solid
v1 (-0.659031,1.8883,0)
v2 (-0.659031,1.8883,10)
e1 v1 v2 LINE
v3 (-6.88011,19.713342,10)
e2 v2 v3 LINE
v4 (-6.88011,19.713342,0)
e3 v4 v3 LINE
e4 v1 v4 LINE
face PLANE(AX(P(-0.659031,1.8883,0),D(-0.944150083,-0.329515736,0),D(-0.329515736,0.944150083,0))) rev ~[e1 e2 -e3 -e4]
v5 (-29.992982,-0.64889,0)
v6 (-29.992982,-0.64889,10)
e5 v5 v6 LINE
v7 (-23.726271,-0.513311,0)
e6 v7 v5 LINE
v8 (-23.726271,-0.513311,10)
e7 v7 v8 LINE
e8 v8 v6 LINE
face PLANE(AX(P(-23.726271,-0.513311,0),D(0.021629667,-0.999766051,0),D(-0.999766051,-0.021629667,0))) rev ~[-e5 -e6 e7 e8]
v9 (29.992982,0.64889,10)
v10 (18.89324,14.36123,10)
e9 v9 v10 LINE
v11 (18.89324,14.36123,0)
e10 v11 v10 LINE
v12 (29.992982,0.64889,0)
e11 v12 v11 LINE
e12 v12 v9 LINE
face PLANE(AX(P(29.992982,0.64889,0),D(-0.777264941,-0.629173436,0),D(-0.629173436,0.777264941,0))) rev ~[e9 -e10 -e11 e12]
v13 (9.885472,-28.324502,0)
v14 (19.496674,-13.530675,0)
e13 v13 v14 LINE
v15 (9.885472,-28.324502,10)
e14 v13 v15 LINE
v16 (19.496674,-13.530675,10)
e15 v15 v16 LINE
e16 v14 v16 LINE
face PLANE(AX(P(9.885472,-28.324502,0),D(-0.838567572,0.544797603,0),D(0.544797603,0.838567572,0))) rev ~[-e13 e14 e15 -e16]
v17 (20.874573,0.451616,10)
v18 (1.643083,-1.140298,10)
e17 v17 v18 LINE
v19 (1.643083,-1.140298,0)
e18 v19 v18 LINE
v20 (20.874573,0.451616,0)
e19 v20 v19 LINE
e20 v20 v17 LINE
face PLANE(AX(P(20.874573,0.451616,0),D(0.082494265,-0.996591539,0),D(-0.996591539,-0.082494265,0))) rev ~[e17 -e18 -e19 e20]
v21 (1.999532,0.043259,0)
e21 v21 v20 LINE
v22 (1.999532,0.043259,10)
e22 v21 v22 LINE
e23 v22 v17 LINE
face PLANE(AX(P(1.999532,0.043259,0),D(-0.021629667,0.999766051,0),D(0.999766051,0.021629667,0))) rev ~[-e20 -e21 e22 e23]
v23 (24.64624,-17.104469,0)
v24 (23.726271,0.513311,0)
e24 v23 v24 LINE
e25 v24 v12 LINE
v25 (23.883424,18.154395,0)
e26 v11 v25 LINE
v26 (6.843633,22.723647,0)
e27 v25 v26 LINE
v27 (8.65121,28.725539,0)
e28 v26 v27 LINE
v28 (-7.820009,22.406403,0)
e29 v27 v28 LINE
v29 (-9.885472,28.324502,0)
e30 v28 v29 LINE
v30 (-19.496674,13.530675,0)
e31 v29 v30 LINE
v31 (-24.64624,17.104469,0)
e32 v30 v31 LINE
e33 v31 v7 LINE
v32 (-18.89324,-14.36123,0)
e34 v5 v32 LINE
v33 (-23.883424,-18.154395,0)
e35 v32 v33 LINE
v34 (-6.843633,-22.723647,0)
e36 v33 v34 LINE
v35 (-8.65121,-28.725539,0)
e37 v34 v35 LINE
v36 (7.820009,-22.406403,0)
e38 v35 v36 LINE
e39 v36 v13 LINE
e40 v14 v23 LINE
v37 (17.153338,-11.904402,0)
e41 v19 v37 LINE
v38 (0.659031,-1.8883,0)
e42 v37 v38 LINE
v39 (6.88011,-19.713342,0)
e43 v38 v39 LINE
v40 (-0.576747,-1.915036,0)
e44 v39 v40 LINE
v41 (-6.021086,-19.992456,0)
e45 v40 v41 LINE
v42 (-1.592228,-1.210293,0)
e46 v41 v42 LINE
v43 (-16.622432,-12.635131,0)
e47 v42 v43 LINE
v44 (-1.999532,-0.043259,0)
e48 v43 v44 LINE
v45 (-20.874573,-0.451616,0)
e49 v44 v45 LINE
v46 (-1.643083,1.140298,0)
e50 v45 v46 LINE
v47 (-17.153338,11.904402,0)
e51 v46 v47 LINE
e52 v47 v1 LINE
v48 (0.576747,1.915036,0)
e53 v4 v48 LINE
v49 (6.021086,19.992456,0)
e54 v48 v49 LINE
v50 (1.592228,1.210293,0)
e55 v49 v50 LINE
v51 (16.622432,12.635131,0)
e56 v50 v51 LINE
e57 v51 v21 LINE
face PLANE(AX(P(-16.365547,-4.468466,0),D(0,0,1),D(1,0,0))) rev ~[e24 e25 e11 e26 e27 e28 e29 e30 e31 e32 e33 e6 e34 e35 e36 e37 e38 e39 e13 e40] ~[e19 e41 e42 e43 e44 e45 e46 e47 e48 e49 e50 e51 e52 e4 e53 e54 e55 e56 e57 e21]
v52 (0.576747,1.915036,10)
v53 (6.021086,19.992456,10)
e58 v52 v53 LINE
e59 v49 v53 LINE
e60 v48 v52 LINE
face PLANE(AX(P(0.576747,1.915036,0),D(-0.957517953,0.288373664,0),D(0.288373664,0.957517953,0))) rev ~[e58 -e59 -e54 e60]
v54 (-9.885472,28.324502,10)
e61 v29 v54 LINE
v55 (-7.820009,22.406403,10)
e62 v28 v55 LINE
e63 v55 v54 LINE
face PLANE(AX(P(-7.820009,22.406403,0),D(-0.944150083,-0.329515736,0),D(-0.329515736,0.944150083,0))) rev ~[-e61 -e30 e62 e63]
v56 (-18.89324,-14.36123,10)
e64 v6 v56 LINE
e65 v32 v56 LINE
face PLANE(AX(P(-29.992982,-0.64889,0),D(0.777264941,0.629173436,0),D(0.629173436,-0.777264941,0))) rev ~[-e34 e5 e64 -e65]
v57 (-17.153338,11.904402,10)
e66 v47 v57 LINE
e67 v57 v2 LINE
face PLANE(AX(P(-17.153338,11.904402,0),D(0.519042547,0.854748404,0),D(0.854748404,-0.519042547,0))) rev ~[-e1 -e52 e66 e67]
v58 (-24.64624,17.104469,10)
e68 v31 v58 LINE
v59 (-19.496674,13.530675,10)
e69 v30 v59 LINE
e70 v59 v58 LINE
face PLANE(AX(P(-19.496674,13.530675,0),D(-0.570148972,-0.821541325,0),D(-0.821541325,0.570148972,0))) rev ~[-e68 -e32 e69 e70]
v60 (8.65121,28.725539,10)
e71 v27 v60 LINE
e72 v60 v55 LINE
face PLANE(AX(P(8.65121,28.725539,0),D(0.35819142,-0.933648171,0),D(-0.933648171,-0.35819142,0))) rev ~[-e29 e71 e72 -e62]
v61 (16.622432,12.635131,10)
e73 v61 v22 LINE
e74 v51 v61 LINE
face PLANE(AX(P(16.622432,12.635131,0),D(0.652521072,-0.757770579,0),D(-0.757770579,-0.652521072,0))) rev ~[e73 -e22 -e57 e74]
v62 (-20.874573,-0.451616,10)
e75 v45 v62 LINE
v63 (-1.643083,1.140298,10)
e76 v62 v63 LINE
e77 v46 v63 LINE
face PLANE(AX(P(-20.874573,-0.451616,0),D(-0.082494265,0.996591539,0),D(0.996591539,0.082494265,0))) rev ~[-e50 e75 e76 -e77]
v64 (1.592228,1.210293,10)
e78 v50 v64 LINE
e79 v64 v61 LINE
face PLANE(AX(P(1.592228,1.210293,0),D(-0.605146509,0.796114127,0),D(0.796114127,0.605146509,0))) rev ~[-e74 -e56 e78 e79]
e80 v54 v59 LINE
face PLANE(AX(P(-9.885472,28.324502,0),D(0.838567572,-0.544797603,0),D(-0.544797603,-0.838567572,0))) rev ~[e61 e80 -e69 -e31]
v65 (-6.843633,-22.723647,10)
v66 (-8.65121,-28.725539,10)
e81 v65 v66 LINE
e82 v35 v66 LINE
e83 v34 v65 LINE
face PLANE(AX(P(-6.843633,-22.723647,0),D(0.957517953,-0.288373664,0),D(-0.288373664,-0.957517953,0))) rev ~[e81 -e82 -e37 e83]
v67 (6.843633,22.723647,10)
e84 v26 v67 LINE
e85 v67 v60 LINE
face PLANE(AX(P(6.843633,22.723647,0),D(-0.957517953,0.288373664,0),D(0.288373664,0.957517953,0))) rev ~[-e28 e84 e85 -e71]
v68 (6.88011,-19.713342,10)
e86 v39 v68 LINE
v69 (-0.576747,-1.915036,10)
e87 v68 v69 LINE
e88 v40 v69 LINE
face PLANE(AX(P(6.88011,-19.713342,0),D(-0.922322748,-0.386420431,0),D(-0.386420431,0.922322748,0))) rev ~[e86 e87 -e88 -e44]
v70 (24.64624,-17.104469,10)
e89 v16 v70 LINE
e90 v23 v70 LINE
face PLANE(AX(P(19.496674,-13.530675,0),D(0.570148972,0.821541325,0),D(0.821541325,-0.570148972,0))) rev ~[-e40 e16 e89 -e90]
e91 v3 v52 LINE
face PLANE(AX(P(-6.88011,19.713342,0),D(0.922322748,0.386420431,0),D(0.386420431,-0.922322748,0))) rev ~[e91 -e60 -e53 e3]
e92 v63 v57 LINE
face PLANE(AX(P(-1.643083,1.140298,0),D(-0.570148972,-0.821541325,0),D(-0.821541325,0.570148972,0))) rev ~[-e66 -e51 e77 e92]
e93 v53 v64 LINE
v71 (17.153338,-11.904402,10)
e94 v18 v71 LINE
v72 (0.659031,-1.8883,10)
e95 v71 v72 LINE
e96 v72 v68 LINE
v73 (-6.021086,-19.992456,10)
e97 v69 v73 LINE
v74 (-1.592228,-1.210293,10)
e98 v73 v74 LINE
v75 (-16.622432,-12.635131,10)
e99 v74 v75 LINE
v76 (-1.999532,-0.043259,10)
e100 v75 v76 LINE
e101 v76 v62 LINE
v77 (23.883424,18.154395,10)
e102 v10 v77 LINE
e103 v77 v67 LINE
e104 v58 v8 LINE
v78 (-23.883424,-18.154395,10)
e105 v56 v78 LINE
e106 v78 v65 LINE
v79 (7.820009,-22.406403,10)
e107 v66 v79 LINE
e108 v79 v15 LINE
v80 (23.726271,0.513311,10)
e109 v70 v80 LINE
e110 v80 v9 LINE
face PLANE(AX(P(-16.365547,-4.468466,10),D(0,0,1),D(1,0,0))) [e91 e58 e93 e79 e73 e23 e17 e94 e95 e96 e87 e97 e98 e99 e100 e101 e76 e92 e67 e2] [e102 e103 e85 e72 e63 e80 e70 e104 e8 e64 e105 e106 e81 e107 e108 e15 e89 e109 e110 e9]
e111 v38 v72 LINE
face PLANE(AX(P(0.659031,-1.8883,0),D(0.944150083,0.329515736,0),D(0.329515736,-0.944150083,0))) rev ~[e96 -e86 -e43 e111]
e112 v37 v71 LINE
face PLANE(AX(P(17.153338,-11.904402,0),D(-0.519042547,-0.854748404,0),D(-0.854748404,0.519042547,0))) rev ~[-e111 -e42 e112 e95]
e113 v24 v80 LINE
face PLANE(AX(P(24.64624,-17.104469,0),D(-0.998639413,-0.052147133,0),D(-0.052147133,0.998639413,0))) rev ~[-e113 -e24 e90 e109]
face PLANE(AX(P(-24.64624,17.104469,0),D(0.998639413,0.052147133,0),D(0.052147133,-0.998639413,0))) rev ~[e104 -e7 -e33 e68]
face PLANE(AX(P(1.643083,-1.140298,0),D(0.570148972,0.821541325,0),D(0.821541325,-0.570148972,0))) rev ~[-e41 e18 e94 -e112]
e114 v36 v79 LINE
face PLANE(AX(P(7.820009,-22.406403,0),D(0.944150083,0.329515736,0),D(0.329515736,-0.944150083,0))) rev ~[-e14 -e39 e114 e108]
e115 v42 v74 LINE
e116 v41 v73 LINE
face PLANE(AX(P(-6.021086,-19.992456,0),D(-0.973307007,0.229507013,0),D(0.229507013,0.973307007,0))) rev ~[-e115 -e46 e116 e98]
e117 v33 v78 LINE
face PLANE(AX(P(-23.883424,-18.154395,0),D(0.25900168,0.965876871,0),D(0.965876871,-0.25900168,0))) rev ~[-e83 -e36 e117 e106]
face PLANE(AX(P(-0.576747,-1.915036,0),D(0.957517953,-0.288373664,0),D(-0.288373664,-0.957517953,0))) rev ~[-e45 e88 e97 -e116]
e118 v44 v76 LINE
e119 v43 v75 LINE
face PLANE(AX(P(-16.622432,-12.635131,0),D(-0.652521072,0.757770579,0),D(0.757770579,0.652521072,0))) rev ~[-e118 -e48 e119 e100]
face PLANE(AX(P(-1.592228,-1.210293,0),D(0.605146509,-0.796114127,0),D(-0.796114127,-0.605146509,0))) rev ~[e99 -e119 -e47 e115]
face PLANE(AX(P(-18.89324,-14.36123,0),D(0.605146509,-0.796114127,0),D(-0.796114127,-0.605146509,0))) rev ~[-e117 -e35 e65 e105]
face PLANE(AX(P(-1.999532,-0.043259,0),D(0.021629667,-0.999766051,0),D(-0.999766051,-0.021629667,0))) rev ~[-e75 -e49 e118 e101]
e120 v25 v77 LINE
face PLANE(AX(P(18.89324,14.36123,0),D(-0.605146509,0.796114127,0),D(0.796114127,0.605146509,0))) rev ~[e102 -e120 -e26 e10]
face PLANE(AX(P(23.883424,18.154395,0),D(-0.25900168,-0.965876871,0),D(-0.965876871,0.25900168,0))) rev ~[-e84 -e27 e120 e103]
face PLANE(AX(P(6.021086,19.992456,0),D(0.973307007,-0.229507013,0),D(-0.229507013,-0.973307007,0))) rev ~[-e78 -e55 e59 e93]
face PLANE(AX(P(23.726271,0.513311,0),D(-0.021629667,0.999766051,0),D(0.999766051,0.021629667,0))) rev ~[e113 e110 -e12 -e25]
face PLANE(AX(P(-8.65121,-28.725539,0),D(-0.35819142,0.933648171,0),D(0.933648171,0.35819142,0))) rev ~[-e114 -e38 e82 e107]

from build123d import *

# Parameters (mm, degrees)
F2_DEPTH = 10


with BuildPart() as f2:
    # F1 (on Top) → F2 (new body)
    with BuildSketch(Plane.XY):
        Polygon((-23.7262713233, -0.5133114427), (-29.9929815414, -0.6488900181), (-18.8932398178, -14.3612300563), (-16.6224315579, -12.6351311898), (-1.9995321028, -0.0432593345), (-20.8745733923, -0.4516157317), align=None)
        Polygon((-24.646239762, 17.1044691702), (-23.7262713233, -0.5133114427), (-20.8745733923, -0.4516157317), (-1.6430826508, 1.1402979447), (-17.1533376915, 11.904401586), (-19.4966736096, 13.5306746951), align=None)
        Polygon((-9.8854720883, 28.324502495), (-19.4966736096, 13.5306746951), (-17.1533376915, 11.904401586), (-0.6590314726, 1.8883001663), (-6.8801100131, 19.7133421136), (-7.8200092446, 22.4064029902), align=None)
        Polygon((8.6512099282, 28.7255385812), (-7.8200092446, 22.4064029902), (-6.8801100131, 19.7133421136), (0.5767473285, 1.9150359054), (6.021085844, 19.9924559857), (6.8436328595, 22.7236469086), align=None)
        Polygon((23.883423796, 18.1543952744), (6.8436328595, 22.7236469086), (6.021085844, 19.9924559857), (1.5922282531, 1.2102930183), (16.6224315579, 12.6351311898), (18.8932398178, 14.3612300563), align=None)
        Polygon((20.8745733923, 0.4516157317), (23.7262713233, 0.5133114427), (29.9929815414, 0.6488900181), (18.8932398178, 14.3612300563), (16.6224315579, 12.6351311898), (1.9995321028, 0.0432593345), align=None)
        Polygon((17.1533376915, -11.904401586), (19.4966736096, -13.5306746951), (24.646239762, -17.1044691702), (23.7262713233, 0.5133114427), (20.8745733923, 0.4516157317), (1.6430826508, -1.1402979447), align=None)
        Polygon((6.8801100131, -19.7133421136), (7.8200092446, -22.4064029902), (9.8854720883, -28.324502495), (19.4966736096, -13.5306746951), (17.1533376915, -11.904401586), (0.6590314726, -1.8883001663), align=None)
        Polygon((-6.021085844, -19.9924559857), (-6.8436328595, -22.7236469086), (-8.6512099282, -28.7255385812), (7.8200092446, -22.4064029902), (6.8801100131, -19.7133421136), (-0.5767473285, -1.9150359054), align=None)
        Polygon((-16.6224315579, -12.6351311898), (-18.8932398178, -14.3612300563), (-23.883423796, -18.1543952744), (-6.8436328595, -22.7236469086), (-6.021085844, -19.9924559857), (-1.5922282531, -1.2102930183), align=None)
    extrude(amount=F2_DEPTH)


solid = f2.part
